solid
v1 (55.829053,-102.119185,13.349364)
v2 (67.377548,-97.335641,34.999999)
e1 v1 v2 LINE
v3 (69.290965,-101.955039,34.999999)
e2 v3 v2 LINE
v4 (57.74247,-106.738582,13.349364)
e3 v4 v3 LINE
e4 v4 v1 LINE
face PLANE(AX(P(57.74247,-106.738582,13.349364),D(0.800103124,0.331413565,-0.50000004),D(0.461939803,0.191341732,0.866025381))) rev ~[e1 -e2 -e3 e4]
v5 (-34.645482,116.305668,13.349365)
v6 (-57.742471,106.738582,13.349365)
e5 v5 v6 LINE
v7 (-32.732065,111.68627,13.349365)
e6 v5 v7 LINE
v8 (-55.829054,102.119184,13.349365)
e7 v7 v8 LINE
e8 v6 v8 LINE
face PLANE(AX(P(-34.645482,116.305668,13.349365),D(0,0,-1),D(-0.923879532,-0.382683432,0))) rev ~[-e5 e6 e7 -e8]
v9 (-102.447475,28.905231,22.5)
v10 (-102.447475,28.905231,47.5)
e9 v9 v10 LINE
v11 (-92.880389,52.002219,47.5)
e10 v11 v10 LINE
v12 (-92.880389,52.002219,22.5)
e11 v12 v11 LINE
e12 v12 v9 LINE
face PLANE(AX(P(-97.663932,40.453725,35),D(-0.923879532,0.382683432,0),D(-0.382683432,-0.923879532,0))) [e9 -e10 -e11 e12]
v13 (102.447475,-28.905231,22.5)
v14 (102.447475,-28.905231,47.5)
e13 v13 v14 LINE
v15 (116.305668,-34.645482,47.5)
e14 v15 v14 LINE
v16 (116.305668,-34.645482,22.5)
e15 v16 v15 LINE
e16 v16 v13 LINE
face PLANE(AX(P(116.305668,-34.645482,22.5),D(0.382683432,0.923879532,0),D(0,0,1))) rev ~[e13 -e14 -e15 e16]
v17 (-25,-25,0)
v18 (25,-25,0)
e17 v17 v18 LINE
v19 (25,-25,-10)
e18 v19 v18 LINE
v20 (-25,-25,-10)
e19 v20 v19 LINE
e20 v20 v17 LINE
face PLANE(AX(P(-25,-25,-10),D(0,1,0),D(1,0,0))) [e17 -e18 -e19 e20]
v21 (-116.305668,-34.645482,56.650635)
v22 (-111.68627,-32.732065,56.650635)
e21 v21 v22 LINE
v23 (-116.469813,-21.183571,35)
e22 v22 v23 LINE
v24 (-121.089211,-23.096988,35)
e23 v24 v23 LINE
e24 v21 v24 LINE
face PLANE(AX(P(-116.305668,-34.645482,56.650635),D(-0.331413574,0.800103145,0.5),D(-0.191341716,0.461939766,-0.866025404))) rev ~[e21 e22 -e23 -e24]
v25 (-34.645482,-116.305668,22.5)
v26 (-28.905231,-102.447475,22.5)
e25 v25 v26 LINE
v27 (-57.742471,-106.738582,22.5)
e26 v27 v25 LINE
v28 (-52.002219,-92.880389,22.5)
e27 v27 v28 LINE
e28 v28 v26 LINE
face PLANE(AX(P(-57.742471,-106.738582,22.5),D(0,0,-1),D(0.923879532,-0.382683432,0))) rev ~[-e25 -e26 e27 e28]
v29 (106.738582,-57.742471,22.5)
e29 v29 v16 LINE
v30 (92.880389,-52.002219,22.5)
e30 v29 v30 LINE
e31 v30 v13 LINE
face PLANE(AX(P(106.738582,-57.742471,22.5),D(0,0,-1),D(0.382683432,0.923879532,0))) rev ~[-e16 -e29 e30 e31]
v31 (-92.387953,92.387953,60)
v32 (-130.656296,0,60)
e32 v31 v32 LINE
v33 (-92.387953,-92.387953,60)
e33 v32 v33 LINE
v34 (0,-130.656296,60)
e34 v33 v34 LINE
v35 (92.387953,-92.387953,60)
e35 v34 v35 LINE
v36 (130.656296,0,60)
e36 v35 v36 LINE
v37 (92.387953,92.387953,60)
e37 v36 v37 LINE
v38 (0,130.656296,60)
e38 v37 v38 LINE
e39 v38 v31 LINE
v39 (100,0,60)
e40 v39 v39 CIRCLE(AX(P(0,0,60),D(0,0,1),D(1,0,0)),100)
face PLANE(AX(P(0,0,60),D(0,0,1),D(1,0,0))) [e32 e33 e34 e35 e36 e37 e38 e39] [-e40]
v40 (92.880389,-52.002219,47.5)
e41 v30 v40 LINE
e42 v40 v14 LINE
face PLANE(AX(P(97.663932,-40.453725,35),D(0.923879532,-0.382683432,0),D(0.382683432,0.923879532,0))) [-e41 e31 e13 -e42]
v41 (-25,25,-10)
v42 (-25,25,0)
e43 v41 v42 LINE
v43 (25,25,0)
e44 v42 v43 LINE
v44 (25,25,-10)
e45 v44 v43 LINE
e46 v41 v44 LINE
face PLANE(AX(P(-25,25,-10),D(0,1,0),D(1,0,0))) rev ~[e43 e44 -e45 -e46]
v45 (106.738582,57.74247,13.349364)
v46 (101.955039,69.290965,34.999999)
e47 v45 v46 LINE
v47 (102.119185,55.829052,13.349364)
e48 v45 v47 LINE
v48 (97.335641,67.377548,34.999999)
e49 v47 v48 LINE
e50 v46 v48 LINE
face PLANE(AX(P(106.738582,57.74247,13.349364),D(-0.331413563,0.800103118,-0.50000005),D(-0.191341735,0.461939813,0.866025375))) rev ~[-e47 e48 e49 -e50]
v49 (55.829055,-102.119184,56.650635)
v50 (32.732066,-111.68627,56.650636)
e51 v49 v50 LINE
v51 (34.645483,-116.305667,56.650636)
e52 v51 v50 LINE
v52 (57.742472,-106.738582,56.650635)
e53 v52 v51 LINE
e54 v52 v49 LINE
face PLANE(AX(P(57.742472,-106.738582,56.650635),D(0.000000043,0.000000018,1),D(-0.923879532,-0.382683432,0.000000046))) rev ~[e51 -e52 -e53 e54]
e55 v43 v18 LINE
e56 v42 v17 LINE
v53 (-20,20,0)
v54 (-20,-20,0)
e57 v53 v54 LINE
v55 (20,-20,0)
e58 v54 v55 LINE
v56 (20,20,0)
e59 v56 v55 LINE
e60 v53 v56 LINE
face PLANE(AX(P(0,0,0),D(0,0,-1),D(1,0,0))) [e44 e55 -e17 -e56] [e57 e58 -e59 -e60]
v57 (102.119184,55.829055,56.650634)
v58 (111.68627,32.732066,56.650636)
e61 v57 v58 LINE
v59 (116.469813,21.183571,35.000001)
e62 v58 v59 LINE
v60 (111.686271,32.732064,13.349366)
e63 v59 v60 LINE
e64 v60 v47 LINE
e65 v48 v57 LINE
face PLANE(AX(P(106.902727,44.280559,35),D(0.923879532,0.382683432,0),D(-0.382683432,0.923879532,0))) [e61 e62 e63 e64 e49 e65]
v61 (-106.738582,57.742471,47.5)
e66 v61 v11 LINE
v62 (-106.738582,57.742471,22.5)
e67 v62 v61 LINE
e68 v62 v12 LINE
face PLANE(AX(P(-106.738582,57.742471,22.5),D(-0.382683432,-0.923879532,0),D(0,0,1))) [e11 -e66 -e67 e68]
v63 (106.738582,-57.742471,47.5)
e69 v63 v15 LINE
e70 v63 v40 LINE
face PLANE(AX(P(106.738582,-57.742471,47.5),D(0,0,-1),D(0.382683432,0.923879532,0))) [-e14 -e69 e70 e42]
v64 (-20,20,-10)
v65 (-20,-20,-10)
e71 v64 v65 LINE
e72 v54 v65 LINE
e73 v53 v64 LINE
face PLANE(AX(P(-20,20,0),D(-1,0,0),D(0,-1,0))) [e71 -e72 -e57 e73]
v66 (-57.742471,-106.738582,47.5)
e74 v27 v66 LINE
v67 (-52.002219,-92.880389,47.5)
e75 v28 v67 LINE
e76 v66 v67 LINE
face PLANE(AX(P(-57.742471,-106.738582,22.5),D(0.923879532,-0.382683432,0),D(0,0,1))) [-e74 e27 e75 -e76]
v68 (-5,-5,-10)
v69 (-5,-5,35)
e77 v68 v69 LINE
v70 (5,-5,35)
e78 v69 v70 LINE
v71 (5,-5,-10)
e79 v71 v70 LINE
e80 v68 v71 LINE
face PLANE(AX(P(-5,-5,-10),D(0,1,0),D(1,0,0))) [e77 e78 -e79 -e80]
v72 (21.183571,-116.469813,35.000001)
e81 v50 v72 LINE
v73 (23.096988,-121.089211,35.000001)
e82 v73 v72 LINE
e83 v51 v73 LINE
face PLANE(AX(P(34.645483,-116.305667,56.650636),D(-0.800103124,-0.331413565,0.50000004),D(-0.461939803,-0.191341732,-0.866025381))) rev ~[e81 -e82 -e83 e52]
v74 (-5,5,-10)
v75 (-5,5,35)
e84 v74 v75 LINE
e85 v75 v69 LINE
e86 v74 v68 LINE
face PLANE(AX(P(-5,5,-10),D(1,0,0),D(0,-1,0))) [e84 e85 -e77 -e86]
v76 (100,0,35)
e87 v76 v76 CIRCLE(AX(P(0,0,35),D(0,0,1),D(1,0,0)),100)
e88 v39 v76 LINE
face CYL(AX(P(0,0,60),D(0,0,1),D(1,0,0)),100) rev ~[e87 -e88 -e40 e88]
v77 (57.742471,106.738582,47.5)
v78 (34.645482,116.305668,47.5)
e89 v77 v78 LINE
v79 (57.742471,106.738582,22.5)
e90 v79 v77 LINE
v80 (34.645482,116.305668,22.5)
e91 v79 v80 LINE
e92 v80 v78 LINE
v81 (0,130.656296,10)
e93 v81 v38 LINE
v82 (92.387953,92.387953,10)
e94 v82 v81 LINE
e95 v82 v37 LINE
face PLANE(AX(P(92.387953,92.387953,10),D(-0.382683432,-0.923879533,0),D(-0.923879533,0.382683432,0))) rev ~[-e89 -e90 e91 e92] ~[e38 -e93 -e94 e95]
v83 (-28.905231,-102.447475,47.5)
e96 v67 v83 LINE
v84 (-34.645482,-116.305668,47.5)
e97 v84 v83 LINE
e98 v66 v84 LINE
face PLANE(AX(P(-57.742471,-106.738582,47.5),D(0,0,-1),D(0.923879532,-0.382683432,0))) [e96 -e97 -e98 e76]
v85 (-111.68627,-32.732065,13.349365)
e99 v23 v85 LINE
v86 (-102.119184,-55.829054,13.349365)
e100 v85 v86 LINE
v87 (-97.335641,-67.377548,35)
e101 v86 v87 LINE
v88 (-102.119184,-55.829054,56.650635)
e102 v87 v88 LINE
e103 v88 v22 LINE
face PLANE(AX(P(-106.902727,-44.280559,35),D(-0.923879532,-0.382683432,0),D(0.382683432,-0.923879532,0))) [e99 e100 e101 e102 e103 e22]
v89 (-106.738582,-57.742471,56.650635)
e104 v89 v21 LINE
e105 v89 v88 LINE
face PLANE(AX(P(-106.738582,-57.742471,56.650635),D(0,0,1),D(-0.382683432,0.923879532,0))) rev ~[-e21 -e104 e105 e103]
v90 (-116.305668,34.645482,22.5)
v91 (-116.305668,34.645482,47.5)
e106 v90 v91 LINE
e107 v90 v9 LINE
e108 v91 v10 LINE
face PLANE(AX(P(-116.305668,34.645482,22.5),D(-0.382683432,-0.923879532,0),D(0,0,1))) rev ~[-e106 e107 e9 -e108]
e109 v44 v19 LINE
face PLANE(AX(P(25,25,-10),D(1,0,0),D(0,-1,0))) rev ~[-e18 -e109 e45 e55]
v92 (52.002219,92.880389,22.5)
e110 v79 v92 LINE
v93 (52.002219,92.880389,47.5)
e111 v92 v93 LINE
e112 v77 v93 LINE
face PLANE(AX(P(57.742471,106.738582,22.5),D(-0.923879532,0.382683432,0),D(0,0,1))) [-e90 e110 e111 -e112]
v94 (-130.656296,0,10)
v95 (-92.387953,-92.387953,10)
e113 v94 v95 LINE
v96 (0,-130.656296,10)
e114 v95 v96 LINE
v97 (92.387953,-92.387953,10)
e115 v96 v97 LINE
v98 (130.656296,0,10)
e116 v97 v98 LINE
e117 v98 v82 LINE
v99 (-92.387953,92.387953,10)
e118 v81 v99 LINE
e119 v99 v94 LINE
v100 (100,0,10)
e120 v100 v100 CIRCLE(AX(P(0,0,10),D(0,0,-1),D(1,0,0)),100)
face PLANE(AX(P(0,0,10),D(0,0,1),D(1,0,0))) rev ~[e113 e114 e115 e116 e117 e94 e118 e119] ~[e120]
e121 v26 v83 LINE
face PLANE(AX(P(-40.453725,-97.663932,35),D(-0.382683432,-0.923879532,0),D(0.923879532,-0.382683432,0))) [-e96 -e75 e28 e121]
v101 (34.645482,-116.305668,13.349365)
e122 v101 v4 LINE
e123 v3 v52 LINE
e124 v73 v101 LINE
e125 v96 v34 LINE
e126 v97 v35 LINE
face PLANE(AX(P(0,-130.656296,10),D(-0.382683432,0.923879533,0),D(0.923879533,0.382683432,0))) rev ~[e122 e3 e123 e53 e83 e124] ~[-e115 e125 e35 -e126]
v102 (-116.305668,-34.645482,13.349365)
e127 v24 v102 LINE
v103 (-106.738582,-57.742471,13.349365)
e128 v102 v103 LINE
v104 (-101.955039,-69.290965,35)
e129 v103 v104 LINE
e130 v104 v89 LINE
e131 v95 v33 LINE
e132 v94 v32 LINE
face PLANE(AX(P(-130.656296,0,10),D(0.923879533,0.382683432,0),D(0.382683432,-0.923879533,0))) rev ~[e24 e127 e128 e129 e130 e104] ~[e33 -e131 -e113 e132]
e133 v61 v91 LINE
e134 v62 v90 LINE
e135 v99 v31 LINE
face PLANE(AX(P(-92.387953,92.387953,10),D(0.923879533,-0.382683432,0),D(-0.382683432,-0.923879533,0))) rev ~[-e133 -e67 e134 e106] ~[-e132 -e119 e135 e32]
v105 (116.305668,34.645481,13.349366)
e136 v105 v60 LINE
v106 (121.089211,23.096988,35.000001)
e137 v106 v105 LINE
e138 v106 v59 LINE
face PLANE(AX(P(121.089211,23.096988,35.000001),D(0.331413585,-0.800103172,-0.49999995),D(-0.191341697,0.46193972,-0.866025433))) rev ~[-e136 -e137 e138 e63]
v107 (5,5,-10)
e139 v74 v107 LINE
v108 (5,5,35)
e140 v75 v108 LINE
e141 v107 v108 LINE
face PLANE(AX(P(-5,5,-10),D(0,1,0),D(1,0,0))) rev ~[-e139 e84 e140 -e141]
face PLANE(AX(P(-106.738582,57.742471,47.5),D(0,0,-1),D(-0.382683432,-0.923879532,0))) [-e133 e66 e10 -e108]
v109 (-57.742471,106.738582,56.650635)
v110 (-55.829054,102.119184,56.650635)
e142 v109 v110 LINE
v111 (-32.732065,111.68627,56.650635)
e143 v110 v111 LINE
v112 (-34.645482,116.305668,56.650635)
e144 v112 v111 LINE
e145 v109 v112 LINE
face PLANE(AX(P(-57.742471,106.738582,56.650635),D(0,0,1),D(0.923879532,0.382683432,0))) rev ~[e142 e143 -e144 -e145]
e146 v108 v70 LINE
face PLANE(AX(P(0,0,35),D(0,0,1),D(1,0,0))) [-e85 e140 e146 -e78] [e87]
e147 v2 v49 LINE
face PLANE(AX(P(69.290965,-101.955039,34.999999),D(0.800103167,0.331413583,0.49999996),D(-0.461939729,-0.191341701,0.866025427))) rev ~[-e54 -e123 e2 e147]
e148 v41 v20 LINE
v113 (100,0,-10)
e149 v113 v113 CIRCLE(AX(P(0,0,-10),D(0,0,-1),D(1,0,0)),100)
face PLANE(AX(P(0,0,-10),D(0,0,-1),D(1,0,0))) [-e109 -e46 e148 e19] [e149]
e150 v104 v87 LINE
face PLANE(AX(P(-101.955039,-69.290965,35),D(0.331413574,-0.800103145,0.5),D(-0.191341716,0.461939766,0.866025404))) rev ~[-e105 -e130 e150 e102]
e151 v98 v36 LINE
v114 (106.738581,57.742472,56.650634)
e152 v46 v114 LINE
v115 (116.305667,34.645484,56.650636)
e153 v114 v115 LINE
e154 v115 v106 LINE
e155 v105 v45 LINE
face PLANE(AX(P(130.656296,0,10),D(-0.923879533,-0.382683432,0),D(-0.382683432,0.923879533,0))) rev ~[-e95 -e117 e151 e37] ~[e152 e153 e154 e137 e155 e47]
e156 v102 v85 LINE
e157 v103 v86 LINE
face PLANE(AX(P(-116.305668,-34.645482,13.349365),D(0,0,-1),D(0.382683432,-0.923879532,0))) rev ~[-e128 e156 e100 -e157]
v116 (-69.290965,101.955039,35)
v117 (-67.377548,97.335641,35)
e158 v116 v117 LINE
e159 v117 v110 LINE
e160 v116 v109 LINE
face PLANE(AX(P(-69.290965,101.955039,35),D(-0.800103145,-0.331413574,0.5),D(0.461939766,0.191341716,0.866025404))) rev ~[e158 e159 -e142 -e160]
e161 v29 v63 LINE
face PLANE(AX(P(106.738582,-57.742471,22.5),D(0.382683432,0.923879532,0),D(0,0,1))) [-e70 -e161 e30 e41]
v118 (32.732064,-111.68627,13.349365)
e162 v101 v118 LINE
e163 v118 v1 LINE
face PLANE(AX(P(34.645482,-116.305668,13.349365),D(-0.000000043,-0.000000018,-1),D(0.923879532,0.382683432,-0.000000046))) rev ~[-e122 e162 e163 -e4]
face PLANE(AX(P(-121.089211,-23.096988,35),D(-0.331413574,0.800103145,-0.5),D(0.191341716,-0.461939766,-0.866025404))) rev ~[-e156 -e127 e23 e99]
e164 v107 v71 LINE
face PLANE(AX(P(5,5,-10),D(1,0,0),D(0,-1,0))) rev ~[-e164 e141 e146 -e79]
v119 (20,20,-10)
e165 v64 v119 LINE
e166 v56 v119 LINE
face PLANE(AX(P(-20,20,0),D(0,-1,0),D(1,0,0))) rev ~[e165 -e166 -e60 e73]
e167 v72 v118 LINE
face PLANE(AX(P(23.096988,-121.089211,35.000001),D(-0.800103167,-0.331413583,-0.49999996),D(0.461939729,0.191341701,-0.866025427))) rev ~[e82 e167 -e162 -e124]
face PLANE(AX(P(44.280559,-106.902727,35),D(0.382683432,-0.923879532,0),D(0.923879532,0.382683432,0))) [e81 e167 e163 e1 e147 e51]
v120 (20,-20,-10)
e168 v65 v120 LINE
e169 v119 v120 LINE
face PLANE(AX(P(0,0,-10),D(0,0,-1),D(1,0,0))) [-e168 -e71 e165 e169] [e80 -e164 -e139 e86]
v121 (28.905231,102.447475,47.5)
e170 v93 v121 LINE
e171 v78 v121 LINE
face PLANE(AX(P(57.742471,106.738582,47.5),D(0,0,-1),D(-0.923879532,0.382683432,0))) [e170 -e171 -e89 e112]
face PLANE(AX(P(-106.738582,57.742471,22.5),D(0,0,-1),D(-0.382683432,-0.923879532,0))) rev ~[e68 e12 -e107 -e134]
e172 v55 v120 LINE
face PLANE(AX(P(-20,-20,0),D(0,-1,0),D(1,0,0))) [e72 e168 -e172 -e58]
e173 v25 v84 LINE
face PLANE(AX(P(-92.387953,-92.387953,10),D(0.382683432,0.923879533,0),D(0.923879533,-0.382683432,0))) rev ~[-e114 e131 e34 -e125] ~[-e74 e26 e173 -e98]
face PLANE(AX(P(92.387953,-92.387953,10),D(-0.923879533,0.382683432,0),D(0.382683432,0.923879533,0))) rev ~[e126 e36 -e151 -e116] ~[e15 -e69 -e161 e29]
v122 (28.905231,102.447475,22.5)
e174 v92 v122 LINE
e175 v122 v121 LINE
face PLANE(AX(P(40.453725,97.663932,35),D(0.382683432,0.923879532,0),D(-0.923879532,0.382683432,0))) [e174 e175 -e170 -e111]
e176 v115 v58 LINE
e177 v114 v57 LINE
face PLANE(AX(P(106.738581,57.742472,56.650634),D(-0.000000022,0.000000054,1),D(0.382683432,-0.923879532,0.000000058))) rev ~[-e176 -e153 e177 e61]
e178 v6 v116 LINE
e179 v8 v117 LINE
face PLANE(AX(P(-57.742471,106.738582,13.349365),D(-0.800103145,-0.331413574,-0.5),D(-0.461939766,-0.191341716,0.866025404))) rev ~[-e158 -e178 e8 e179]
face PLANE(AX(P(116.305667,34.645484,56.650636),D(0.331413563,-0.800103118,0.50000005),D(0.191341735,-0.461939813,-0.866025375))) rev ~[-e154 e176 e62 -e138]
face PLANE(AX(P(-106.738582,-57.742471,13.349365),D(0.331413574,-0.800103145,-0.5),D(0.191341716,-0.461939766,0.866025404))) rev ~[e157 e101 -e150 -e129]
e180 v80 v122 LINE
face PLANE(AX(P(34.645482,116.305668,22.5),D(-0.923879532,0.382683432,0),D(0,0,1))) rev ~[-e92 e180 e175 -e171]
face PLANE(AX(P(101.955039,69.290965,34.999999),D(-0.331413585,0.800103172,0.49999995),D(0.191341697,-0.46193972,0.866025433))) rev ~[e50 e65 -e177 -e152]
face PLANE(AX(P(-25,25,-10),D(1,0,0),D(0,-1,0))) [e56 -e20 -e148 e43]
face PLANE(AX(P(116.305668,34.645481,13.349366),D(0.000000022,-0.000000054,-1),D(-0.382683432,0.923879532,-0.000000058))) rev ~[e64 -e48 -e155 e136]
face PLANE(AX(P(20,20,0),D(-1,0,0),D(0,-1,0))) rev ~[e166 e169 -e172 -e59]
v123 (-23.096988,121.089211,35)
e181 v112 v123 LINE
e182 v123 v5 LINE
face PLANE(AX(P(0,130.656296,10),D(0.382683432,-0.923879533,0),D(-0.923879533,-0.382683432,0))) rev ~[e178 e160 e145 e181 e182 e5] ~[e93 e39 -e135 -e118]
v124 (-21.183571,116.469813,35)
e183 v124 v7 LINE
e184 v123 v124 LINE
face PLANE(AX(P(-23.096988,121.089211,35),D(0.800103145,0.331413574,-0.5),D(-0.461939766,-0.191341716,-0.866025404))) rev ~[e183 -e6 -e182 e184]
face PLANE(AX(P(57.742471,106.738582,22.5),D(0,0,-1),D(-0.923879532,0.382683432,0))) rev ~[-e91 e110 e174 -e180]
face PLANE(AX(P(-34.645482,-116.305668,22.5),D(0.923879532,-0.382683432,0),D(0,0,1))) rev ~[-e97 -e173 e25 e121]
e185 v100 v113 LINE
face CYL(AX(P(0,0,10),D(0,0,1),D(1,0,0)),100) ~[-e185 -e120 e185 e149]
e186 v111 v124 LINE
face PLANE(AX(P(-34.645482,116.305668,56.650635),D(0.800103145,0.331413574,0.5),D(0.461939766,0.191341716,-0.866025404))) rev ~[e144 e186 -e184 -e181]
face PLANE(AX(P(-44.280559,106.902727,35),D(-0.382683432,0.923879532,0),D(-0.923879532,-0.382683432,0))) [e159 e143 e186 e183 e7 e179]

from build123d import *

# Parameters (mm, degrees)
F1_DEPTH  = 50
F2_W      = 25
F2_H      = 25
F3_DEPTH  = 15
F4_W      = 25
F4_H      = 25
F5_DEPTH  = 15
F6_W      = 25
F6_H      = 25
F7_DEPTH  = 15
F8_W      = 25
F8_H      = 25
F9_DEPTH  = 15
F11_DEPTH = 5
F13_DEPTH = 5
F15_DEPTH = 5
F17_DEPTH = 5
F18_R     = 100
F19_DEPTH = 25
F20_R     = 100
F21_DEPTH = 20
F23_W     = 50
F23_H     = 50
F24_DEPTH = 10
F25_W     = 40
F25_H     = 40
F26_DEPTH = 10
F27_W     = 10
F27_H     = 10
F28_DEPTH = 45


with BuildPart() as f1:
    # F0 (on Top) → F1 (new body)
    with BuildSketch(Plane.XY):
        Polygon((-92.3879532511, -92.3879532511), (0, -130.6562964876), (92.3879532511, -92.3879532511), (130.6562964876, 0), (92.3879532511, 92.3879532511), (0, 130.6562964876), (-92.3879532511, 92.3879532511), (-130.6562964876, 0), align=None)
    extrude(amount=F1_DEPTH)

    # F2 (on face) → F3 (cut)
    with BuildSketch(Plane(origin=(-46.1939766256, -111.5221248694, 0), x_dir=(0.9238795325, -0.3826834324, 0), z_dir=(-0.3826834324, -0.9238795325, 0))):
        with Locations((0, 25)):
            Rectangle(F2_W, F2_H)
    extrude(amount=-F3_DEPTH, mode=Mode.SUBTRACT)

    # F4 (on face) → F5 (cut)
    with BuildSketch(Plane(origin=(-111.5221248694, 46.1939766256, 0), x_dir=(-0.3826834324, -0.9238795325, 0), z_dir=(-0.9238795325, 0.3826834324, 0))):
        with Locations((0, 25)):
            Rectangle(F4_W, F4_H)
    extrude(amount=-F5_DEPTH, mode=Mode.SUBTRACT)

    # F6 (on face) → F7 (cut)
    with BuildSketch(Plane(origin=(46.1939766256, 111.5221248694, 0), x_dir=(-0.9238795325, 0.3826834324, 0), z_dir=(0.3826834324, 0.9238795325, 0))):
        with Locations((0, 25)):
            Rectangle(F6_W, F6_H)
    extrude(amount=-F7_DEPTH, mode=Mode.SUBTRACT)

    # F8 (on face) → F9 (cut)
    with BuildSketch(Plane(origin=(111.5221248694, -46.1939766256, 0), x_dir=(0.3826834324, 0.9238795325, 0), z_dir=(0.9238795325, -0.3826834324, 0))):
        with Locations((0, 25)):
            Rectangle(F8_W, F8_H)
    extrude(amount=-F9_DEPTH, mode=Mode.SUBTRACT)

    # F10 (on face) → F11 (cut)
    with BuildSketch(Plane(origin=(46.1939766256, -111.5221248694, 0), x_dir=(0.9238795325, 0.3826834324, 0), z_dir=(0.3826834324, -0.9238795325, 0))):
        Polygon((12.4999989995, 3.3493643278), (25, 24.9999988448), (12.5000010005, 46.650634517), (-12.4999989995, 46.6506356722), (-25, 25.0000011552), (-12.5000010005, 3.349365483), align=None)
    extrude(amount=-F11_DEPTH, mode=Mode.SUBTRACT)

    # F12 (on face) → F13 (cut)
    with BuildSketch(Plane(origin=(111.5221248694, 46.1939766256, 0), x_dir=(-0.3826834324, 0.9238795325, 0), z_dir=(0.9238795325, 0.3826834324, 0))):
        Polygon((12.4999987427, 3.3493641795), (25, 24.9999985481), (12.5000012573, 46.6506343687), (-12.4999987427, 46.6506358205), (-25, 25.0000014519), (-12.5000012573, 3.3493656313), align=None)
    extrude(amount=-F13_DEPTH, mode=Mode.SUBTRACT)

    # F14 (on face) → F15 (cut)
    with BuildSketch(Plane(origin=(-111.5221248694, -46.1939766256, 0), x_dir=(0.3826834324, -0.9238795325, 0), z_dir=(-0.9238795325, -0.3826834324, 0))):
        Polygon((12.5, 46.6506350946), (-12.5, 46.6506350946), (-25, 25), (-12.5, 3.3493649054), (12.5, 3.3493649054), (25, 25), align=None)
    extrude(amount=-F15_DEPTH, mode=Mode.SUBTRACT)

    # F16 (on face) → F17 (cut)
    with BuildSketch(Plane(origin=(-46.1939766256, 111.5221248694, 0), x_dir=(-0.9238795325, -0.3826834324, 0), z_dir=(-0.3826834324, 0.9238795325, 0))):
        Polygon((12.5, 46.6506350946), (-12.5, 46.6506350946), (-25, 25), (-12.5, 3.3493649054), (12.5, 3.3493649054), (25, 25), align=None)
    extrude(amount=-F17_DEPTH, mode=Mode.SUBTRACT)

    # F18 (on face) → F19 (cut)
    with BuildSketch(Plane.XY.offset(50)):
        Circle(F18_R)
    extrude(amount=-F19_DEPTH, mode=Mode.SUBTRACT)

    # F20 (on face) → F21 (join)
    with BuildSketch(Plane(origin=(0, 0, 0), x_dir=(1, 0, 0), z_dir=(0, 0, -1))):
        Circle(F20_R)
    extrude(amount=F21_DEPTH)


with BuildPart() as f1_1:
    # F22: moved
    add(f1.part.moved(Location((0, 0, 10))))

    # F23 (on face) → F24 (cut)
    with BuildSketch(Plane(origin=(0, 0, -10), x_dir=(1, 0, 0), z_dir=(0, 0, -1))):
        Rectangle(F23_W, F23_H)
    extrude(amount=-F24_DEPTH, mode=Mode.SUBTRACT)

    # F25 (on face) → F26 (join)
    with BuildSketch(Plane(origin=(0, 0, 0), x_dir=(1, 0, 0), z_dir=(0, 0, -1))):
        Rectangle(F25_W, F25_H)
    extrude(amount=F26_DEPTH)

    # F27 (on face) → F28 (cut)
    with BuildSketch(Plane(origin=(0, 0, -10), x_dir=(1, 0, 0), z_dir=(0, 0, -1))):
        Rectangle(F27_W, F27_H)
    extrude(amount=-F28_DEPTH, mode=Mode.SUBTRACT)


solid = f1_1.part
